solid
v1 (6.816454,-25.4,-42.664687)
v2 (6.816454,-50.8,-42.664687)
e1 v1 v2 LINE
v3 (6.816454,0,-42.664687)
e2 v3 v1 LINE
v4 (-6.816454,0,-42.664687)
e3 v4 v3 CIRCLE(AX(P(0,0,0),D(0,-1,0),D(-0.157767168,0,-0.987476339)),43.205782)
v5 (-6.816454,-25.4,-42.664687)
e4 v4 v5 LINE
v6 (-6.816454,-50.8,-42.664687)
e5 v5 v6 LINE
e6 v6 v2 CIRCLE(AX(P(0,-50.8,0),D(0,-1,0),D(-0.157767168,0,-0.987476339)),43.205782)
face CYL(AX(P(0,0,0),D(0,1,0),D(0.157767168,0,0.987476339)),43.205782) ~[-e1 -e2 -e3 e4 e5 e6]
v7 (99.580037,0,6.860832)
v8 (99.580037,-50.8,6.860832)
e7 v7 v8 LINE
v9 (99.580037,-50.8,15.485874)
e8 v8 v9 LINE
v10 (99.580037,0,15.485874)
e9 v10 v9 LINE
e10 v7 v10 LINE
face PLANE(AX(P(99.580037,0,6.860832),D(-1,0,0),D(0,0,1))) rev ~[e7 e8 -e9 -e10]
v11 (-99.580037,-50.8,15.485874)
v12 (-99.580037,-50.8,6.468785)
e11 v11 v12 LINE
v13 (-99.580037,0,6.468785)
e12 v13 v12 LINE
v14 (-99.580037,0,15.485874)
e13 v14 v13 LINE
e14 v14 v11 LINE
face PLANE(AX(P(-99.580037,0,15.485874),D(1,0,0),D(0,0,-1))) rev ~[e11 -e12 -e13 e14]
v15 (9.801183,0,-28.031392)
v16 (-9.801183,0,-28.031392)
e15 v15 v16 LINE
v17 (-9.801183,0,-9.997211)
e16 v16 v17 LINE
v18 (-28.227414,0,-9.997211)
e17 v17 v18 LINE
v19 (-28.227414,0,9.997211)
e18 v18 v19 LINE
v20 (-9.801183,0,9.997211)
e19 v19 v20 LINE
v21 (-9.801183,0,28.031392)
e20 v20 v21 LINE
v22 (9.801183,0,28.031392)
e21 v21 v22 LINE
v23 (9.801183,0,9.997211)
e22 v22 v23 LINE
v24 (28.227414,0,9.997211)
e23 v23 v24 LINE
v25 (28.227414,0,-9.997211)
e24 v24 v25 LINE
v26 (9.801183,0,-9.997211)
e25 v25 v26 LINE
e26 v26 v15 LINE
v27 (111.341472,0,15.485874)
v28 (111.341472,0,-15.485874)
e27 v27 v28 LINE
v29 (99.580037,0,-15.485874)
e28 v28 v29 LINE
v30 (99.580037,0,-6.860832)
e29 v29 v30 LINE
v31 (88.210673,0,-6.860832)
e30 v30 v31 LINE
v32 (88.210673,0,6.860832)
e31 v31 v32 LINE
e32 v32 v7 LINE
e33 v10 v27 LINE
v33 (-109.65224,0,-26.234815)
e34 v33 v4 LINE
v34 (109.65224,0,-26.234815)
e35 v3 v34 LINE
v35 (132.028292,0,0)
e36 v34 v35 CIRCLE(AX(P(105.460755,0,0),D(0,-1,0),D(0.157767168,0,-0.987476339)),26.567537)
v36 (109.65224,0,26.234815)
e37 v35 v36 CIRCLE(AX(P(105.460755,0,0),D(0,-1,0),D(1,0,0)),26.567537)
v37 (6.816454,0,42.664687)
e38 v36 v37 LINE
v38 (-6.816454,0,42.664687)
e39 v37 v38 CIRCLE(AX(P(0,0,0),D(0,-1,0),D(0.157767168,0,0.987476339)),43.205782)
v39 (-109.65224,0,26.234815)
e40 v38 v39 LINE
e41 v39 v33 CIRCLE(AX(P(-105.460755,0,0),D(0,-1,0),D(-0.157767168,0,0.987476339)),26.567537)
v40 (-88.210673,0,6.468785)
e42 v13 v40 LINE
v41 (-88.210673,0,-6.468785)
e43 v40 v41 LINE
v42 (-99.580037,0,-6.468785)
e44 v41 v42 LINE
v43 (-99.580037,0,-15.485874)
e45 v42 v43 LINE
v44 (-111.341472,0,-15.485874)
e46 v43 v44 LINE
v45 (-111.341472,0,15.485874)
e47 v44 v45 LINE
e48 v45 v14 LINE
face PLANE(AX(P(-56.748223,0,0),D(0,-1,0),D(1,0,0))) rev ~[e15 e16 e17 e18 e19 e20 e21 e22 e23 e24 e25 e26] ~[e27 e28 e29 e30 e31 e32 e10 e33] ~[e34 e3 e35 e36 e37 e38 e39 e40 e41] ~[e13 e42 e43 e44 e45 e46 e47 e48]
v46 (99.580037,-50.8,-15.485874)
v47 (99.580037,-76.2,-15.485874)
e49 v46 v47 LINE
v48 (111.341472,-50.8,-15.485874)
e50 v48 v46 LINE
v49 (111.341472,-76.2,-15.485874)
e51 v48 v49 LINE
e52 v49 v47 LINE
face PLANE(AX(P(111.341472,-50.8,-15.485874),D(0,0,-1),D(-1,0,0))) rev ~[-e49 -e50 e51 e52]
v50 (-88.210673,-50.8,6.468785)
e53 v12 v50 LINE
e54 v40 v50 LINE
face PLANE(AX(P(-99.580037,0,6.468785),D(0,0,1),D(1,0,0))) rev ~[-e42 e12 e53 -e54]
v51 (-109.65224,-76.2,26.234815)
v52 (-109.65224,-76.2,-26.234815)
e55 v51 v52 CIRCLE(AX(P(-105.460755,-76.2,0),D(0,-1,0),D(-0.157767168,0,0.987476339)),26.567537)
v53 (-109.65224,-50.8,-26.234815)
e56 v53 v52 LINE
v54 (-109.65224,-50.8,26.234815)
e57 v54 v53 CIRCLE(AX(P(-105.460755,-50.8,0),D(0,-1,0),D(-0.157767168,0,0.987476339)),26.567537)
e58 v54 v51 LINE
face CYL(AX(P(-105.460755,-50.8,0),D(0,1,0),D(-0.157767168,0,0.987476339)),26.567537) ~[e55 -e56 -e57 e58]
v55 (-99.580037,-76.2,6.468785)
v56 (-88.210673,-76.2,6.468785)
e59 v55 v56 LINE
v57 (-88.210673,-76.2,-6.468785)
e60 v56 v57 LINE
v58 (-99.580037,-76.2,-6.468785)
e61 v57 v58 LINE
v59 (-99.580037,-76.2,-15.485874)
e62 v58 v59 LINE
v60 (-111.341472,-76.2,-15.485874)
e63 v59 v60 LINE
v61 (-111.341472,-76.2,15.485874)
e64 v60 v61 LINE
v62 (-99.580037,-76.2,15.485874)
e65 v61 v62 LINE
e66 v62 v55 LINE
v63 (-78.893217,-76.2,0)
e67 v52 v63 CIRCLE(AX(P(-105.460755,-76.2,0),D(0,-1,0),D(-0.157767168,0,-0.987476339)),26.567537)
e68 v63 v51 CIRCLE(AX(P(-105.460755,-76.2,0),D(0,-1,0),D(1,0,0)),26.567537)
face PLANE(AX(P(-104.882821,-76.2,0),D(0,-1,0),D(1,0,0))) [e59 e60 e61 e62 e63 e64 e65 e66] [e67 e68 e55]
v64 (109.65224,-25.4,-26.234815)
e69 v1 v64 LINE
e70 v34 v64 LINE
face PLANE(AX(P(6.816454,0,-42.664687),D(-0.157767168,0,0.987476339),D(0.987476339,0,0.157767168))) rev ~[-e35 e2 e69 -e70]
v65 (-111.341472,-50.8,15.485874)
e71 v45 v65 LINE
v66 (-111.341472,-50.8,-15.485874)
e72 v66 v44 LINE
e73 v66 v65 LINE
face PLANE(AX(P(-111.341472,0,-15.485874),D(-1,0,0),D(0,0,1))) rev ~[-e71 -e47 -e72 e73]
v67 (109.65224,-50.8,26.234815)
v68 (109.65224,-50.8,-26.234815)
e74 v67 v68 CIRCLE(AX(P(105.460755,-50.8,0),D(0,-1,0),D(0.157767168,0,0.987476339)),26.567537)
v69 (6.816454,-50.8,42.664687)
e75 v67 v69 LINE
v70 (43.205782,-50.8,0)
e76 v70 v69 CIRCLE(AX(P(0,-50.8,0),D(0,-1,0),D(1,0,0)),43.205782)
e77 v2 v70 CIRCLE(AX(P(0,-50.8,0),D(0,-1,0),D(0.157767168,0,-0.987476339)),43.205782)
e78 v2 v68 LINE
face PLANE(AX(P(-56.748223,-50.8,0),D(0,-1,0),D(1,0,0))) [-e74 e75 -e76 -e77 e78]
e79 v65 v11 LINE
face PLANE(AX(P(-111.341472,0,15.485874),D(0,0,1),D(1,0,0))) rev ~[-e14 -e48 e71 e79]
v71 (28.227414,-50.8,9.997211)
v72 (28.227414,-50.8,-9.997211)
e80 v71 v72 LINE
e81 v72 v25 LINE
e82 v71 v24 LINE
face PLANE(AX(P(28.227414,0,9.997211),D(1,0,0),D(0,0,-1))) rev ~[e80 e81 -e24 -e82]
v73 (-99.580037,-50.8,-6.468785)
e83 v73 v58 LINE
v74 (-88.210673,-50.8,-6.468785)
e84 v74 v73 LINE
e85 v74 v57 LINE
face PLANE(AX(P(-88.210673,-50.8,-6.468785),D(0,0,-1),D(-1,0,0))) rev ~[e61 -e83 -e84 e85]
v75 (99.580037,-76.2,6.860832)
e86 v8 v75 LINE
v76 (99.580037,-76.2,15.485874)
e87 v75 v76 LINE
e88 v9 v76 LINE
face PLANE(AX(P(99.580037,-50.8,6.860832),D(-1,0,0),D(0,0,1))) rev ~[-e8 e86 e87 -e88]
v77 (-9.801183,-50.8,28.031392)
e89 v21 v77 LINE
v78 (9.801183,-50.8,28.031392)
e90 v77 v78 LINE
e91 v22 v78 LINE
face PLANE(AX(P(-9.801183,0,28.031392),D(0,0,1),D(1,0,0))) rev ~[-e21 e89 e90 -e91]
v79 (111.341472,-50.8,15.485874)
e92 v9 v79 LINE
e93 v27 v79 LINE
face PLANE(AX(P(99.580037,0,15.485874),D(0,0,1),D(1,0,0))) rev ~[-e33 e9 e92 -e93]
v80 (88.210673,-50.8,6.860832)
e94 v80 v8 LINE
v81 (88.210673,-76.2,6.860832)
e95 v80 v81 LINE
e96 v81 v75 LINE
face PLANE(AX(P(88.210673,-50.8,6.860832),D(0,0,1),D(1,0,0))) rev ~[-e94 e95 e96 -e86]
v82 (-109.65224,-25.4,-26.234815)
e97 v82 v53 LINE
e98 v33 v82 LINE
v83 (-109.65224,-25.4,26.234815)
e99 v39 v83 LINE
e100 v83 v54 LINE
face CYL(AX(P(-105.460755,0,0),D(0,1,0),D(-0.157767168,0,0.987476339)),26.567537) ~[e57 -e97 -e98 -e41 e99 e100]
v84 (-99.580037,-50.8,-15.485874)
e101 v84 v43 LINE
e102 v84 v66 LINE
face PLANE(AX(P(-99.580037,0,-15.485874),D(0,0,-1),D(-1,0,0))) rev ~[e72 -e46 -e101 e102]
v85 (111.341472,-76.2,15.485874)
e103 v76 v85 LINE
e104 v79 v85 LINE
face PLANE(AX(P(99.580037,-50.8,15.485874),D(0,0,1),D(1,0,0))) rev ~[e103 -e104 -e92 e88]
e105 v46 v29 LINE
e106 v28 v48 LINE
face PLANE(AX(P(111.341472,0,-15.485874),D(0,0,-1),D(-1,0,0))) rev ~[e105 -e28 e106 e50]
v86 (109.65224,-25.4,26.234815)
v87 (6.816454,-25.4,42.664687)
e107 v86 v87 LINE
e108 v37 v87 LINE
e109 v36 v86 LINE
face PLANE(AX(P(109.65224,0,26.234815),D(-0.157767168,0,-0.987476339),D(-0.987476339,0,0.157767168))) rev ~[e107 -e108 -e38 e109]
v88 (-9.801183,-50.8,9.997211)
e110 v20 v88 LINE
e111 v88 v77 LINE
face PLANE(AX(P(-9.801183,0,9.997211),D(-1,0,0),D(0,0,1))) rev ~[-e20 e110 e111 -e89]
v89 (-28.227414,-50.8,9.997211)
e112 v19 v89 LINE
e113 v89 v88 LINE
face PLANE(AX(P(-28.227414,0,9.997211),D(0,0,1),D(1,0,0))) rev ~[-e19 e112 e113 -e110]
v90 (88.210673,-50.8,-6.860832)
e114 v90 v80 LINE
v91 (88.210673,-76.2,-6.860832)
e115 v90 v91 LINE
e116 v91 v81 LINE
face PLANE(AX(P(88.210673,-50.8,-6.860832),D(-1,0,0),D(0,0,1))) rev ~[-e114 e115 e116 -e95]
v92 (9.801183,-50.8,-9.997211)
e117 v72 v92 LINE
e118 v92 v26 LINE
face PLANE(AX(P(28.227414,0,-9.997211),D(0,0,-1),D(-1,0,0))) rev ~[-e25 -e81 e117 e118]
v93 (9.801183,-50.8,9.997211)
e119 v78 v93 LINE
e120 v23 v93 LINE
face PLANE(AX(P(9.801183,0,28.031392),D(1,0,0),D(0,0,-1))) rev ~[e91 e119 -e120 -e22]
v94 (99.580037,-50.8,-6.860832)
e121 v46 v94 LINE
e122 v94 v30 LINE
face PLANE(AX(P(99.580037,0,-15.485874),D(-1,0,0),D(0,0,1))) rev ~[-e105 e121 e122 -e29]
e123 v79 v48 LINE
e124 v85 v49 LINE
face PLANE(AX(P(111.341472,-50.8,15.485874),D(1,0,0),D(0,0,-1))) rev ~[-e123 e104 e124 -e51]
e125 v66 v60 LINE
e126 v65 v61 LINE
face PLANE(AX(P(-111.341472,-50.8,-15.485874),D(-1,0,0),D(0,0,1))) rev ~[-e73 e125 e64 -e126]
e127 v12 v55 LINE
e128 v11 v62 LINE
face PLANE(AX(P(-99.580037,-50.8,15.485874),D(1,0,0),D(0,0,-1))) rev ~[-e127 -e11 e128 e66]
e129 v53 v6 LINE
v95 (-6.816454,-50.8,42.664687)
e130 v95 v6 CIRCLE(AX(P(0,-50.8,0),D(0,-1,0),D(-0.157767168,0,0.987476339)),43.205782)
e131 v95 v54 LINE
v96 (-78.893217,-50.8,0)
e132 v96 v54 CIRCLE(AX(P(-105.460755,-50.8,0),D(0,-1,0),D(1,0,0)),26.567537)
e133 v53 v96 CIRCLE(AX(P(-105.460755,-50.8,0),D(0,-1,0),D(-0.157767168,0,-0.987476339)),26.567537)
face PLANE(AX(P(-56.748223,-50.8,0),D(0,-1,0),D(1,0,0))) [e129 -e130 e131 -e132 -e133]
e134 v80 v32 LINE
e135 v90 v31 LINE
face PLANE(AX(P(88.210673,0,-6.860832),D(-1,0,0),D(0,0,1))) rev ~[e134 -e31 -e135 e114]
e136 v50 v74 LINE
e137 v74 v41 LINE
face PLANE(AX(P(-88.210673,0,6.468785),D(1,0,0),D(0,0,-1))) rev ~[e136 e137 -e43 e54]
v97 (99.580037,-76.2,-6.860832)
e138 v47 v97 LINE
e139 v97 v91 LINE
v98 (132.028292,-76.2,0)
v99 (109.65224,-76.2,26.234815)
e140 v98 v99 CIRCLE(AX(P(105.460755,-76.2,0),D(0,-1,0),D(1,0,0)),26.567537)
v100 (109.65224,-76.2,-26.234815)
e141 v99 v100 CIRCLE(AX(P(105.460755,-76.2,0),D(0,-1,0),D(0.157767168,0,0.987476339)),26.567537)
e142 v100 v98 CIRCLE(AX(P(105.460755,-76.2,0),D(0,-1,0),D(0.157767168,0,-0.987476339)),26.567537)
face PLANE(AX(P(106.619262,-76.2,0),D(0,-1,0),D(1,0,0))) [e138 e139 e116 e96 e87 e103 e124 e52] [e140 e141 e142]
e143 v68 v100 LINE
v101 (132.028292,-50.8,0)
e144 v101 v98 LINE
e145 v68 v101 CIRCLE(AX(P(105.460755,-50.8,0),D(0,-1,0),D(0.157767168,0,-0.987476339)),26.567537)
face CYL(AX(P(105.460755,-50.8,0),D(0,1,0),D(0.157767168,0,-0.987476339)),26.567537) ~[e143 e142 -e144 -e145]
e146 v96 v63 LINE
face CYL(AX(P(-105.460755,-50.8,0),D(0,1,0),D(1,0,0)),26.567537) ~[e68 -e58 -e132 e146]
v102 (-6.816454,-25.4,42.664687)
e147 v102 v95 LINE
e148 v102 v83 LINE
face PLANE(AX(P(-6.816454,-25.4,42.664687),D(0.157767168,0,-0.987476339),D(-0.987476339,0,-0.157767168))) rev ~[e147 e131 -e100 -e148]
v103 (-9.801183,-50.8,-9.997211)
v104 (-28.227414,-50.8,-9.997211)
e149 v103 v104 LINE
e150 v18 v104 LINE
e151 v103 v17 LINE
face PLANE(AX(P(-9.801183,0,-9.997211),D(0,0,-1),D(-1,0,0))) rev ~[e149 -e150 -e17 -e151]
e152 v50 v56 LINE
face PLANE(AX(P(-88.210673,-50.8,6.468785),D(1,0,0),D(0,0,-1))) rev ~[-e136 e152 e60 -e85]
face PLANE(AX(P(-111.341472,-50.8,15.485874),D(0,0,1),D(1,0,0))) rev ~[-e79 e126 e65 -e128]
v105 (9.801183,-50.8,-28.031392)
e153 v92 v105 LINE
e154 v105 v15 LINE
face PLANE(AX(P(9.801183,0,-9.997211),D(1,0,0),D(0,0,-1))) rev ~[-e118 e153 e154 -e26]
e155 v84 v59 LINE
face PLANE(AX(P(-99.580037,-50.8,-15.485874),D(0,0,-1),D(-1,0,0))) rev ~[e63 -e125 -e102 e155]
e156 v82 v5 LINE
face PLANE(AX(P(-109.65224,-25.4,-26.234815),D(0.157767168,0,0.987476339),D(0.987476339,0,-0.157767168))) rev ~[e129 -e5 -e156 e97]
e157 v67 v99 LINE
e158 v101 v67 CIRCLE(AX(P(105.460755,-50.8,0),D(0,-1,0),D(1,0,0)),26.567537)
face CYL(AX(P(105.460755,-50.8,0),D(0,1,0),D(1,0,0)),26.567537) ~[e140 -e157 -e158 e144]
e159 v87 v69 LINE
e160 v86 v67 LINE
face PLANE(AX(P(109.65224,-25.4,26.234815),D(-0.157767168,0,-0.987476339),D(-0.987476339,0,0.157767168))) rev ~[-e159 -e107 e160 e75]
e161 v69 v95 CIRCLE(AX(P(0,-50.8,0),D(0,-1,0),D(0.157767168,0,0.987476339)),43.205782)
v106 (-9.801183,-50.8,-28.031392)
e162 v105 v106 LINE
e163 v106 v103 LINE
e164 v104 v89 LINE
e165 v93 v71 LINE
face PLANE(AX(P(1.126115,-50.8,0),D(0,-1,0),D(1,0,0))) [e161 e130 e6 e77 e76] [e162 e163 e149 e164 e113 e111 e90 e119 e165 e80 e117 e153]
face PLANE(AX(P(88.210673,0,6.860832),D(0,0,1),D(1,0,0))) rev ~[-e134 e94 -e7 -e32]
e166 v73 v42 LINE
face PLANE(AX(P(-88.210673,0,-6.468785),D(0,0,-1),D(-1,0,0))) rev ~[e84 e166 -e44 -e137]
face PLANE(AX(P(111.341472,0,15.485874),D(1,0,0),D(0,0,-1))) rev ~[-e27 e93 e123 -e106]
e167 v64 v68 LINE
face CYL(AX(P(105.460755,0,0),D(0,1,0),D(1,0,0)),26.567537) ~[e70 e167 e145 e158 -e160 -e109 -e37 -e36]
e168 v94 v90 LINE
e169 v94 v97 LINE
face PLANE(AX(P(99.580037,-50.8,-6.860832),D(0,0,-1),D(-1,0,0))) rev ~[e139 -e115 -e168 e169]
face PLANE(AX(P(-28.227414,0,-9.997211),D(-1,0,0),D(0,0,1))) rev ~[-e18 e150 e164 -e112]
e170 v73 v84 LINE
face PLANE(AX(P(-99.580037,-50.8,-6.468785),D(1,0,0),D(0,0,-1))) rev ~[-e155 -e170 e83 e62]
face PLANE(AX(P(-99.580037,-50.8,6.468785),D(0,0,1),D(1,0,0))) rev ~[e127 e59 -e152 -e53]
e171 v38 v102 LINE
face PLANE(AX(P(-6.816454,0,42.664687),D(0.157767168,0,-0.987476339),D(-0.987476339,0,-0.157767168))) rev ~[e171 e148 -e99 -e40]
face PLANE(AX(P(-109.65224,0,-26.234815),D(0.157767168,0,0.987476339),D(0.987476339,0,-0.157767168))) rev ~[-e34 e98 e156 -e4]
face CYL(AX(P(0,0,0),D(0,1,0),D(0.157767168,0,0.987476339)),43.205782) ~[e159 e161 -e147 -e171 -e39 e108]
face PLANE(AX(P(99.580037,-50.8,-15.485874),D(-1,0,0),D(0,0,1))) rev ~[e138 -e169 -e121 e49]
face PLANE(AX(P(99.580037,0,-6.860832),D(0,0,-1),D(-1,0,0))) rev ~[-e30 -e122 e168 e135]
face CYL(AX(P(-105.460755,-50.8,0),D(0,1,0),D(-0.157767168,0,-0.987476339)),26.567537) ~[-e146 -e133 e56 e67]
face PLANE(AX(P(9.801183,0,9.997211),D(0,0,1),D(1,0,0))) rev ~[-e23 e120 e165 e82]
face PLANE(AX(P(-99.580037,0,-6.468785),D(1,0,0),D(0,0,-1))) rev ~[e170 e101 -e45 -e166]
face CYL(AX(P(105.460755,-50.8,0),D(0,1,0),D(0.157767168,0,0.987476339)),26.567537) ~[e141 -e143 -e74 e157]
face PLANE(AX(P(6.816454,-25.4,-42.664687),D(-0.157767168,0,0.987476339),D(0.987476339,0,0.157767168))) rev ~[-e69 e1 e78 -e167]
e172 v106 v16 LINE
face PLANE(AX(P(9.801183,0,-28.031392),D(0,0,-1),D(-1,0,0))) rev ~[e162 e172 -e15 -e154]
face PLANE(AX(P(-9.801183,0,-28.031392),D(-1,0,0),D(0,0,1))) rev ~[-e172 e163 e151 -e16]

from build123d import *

# Parameters (mm, degrees)
F0_W     = 11.3693646318
F0_H     = 12.9375691502
F0_H_2   = 13.7216638794
F1_DEPTH = 25.4
F2_DEPTH = 50.8
F3_DEPTH = 25.4


with BuildPart() as f1:
    # F0 (on Front) → F1 (new body)
    with BuildSketch(Plane.XZ):
        with BuildLine():
            ThreePointArc((-6.8164538385, -42.6646873664), (-43.2057819163, 0), (-6.8164538385, 42.6646873664))
            Line((-6.8164538385, 42.6646873664), (-109.6522398205, 26.2348145286))
            ThreePointArc((-109.6522398205, 26.2348145286), (-88.2201543147, 20.213751239), (-78.8932173515, 0))
            ThreePointArc((-78.8932173515, 0), (-88.2201543147, -20.213751239), (-109.6522398205, -26.2348145286))
            Line((-109.6522398205, -26.2348145286), (-6.8164538385, -42.6646873664))
        make_face()
        with BuildLine():
            ThreePointArc((6.8164538385, 42.6646873664), (32.8728596945, 28.0377368293), (43.2057819163, 0))
            ThreePointArc((43.2057819163, 0), (32.8728596945, -28.0377368293), (6.8164538385, -42.6646873664))
            Line((6.8164538385, -42.6646873664), (109.6522398205, -26.2348145286))
            ThreePointArc((109.6522398205, -26.2348145286), (78.8932173515, 0), (109.6522398205, 26.2348145286))
            Line((109.6522398205, 26.2348145286), (6.8164538385, 42.6646873664))
        make_face()
        with BuildLine():
            ThreePointArc((132.0282920518, 0), (125.6745059406, 17.240600387), (109.6522398205, 26.2348145286))
            ThreePointArc((109.6522398205, 26.2348145286), (78.8932173515, 0), (109.6522398205, -26.2348145286))
            ThreePointArc((109.6522398205, -26.2348145286), (125.6745059406, -17.240600387), (132.0282920518, 0))
        make_face()
        Polygon((88.2106725414, -6.8608319397), (88.2106725414, 6.8608319397), (99.5800371732, 6.8608319397), (99.5800371732, 15.4858744317), (111.3414722301, 15.4858744317), (111.3414722301, 6.8608319397), (122.7108368619, 6.8608319397), (122.7108368619, -6.8608319397), (111.3414722301, -6.8608319397), (111.3414722301, -15.4858744317), (99.5800371732, -15.4858744317), (99.5800371732, -6.8608319397), align=None, mode=Mode.SUBTRACT)
        with BuildLine():
            ThreePointArc((6.8164538385, -42.6646873664), (32.8728596945, -28.0377368293), (43.2057819163, 0))
            ThreePointArc((43.2057819163, 0), (32.8728596945, 28.0377368293), (6.8164538385, 42.6646873664))
            ThreePointArc((6.8164538385, 42.6646873664), (0, 43.2057819163), (-6.8164538385, 42.6646873664))
            ThreePointArc((-6.8164538385, 42.6646873664), (-43.2057819163, 0), (-6.8164538385, -42.6646873664))
            ThreePointArc((-6.8164538385, -42.6646873664), (0, -43.2057819163), (6.8164538385, -42.6646873664))
        make_face()
        Polygon((-28.2274140168, -9.9972113272), (-28.2274140168, 9.9972113272), (-9.8011827033, 9.9972113272), (-9.8011827033, 28.0313919816), (9.8011827033, 28.0313919816), (9.8011827033, 9.9972113272), (28.2274140168, 9.9972113272), (28.2274140168, -9.9972113272), (9.8011827033, -9.9972113272), (9.8011827033, -28.0313919816), (-9.8011827033, -28.0313919816), (-9.8011827033, -9.9972113272), align=None, mode=Mode.SUBTRACT)
        with BuildLine():
            ThreePointArc((-78.8932173515, 0), (-88.2201543147, 20.213751239), (-109.6522398205, 26.2348145286))
            ThreePointArc((-109.6522398205, 26.2348145286), (-132.0282920518, 0), (-109.6522398205, -26.2348145286))
            ThreePointArc((-109.6522398205, -26.2348145286), (-88.2201543147, -20.213751239), (-78.8932173515, 0))
        make_face()
        Polygon((-122.7108368619, -6.4687845751), (-122.7108368619, 6.4687845751), (-111.3414722301, 6.4687845751), (-111.3414722301, 15.4858744317), (-99.5800371732, 15.4858744317), (-99.5800371732, 6.4687845751), (-88.2106725414, 6.4687845751), (-88.2106725414, -6.4687845751), (-99.5800371732, -6.4687845751), (-99.5800371732, -15.4858744317), (-111.3414722301, -15.4858744317), (-111.3414722301, -6.4687845751), align=None, mode=Mode.SUBTRACT)
        with Locations((-117.026154546, 0)):
            Rectangle(F0_W, F0_H)
        with Locations((117.026154546, 0)):
            Rectangle(F0_W, F0_H_2)
    extrude(amount=F1_DEPTH)

    # F0 (on Front) → F2 (join)
    with BuildSketch(Plane.XZ):
        with BuildLine():
            ThreePointArc((-78.8932173515, 0), (-88.2201543147, 20.213751239), (-109.6522398205, 26.2348145286))
            ThreePointArc((-109.6522398205, 26.2348145286), (-132.0282920518, 0), (-109.6522398205, -26.2348145286))
            ThreePointArc((-109.6522398205, -26.2348145286), (-88.2201543147, -20.213751239), (-78.8932173515, 0))
        make_face()
        Polygon((-122.7108368619, -6.4687845751), (-122.7108368619, 6.4687845751), (-111.3414722301, 6.4687845751), (-111.3414722301, 15.4858744317), (-99.5800371732, 15.4858744317), (-99.5800371732, 6.4687845751), (-88.2106725414, 6.4687845751), (-88.2106725414, -6.4687845751), (-99.5800371732, -6.4687845751), (-99.5800371732, -15.4858744317), (-111.3414722301, -15.4858744317), (-111.3414722301, -6.4687845751), align=None, mode=Mode.SUBTRACT)
        with BuildLine():
            ThreePointArc((6.8164538385, -42.6646873664), (32.8728596945, -28.0377368293), (43.2057819163, 0))
            ThreePointArc((43.2057819163, 0), (32.8728596945, 28.0377368293), (6.8164538385, 42.6646873664))
            ThreePointArc((6.8164538385, 42.6646873664), (0, 43.2057819163), (-6.8164538385, 42.6646873664))
            ThreePointArc((-6.8164538385, 42.6646873664), (-43.2057819163, 0), (-6.8164538385, -42.6646873664))
            ThreePointArc((-6.8164538385, -42.6646873664), (0, -43.2057819163), (6.8164538385, -42.6646873664))
        make_face()
        Polygon((-28.2274140168, -9.9972113272), (-28.2274140168, 9.9972113272), (-9.8011827033, 9.9972113272), (-9.8011827033, 28.0313919816), (9.8011827033, 28.0313919816), (9.8011827033, 9.9972113272), (28.2274140168, 9.9972113272), (28.2274140168, -9.9972113272), (9.8011827033, -9.9972113272), (9.8011827033, -28.0313919816), (-9.8011827033, -28.0313919816), (-9.8011827033, -9.9972113272), align=None, mode=Mode.SUBTRACT)
        with BuildLine():
            ThreePointArc((132.0282920518, 0), (125.6745059406, 17.240600387), (109.6522398205, 26.2348145286))
            ThreePointArc((109.6522398205, 26.2348145286), (78.8932173515, 0), (109.6522398205, -26.2348145286))
            ThreePointArc((109.6522398205, -26.2348145286), (125.6745059406, -17.240600387), (132.0282920518, 0))
        make_face()
        Polygon((88.2106725414, -6.8608319397), (88.2106725414, 6.8608319397), (99.5800371732, 6.8608319397), (99.5800371732, 15.4858744317), (111.3414722301, 15.4858744317), (111.3414722301, 6.8608319397), (122.7108368619, 6.8608319397), (122.7108368619, -6.8608319397), (111.3414722301, -6.8608319397), (111.3414722301, -15.4858744317), (99.5800371732, -15.4858744317), (99.5800371732, -6.8608319397), align=None, mode=Mode.SUBTRACT)
        with Locations((-117.026154546, 0)):
            Rectangle(F0_W, F0_H)
        with Locations((117.026154546, 0)):
            Rectangle(F0_W, F0_H_2)
    extrude(amount=F2_DEPTH)

    # F3 (add): faces of the model
    f3_faces = [f1.faces().sort_by_distance(p)[0] for p in [
        (-59.7216205033, -25.4, 0),
        (-131.2768486191, -50.8, 0),
        (59.7216205033, -25.4, 0),
        (79.6446607843, -50.8, 0),
    ]]
    extrude(f3_faces, amount=F3_DEPTH)


solid = f1.part
